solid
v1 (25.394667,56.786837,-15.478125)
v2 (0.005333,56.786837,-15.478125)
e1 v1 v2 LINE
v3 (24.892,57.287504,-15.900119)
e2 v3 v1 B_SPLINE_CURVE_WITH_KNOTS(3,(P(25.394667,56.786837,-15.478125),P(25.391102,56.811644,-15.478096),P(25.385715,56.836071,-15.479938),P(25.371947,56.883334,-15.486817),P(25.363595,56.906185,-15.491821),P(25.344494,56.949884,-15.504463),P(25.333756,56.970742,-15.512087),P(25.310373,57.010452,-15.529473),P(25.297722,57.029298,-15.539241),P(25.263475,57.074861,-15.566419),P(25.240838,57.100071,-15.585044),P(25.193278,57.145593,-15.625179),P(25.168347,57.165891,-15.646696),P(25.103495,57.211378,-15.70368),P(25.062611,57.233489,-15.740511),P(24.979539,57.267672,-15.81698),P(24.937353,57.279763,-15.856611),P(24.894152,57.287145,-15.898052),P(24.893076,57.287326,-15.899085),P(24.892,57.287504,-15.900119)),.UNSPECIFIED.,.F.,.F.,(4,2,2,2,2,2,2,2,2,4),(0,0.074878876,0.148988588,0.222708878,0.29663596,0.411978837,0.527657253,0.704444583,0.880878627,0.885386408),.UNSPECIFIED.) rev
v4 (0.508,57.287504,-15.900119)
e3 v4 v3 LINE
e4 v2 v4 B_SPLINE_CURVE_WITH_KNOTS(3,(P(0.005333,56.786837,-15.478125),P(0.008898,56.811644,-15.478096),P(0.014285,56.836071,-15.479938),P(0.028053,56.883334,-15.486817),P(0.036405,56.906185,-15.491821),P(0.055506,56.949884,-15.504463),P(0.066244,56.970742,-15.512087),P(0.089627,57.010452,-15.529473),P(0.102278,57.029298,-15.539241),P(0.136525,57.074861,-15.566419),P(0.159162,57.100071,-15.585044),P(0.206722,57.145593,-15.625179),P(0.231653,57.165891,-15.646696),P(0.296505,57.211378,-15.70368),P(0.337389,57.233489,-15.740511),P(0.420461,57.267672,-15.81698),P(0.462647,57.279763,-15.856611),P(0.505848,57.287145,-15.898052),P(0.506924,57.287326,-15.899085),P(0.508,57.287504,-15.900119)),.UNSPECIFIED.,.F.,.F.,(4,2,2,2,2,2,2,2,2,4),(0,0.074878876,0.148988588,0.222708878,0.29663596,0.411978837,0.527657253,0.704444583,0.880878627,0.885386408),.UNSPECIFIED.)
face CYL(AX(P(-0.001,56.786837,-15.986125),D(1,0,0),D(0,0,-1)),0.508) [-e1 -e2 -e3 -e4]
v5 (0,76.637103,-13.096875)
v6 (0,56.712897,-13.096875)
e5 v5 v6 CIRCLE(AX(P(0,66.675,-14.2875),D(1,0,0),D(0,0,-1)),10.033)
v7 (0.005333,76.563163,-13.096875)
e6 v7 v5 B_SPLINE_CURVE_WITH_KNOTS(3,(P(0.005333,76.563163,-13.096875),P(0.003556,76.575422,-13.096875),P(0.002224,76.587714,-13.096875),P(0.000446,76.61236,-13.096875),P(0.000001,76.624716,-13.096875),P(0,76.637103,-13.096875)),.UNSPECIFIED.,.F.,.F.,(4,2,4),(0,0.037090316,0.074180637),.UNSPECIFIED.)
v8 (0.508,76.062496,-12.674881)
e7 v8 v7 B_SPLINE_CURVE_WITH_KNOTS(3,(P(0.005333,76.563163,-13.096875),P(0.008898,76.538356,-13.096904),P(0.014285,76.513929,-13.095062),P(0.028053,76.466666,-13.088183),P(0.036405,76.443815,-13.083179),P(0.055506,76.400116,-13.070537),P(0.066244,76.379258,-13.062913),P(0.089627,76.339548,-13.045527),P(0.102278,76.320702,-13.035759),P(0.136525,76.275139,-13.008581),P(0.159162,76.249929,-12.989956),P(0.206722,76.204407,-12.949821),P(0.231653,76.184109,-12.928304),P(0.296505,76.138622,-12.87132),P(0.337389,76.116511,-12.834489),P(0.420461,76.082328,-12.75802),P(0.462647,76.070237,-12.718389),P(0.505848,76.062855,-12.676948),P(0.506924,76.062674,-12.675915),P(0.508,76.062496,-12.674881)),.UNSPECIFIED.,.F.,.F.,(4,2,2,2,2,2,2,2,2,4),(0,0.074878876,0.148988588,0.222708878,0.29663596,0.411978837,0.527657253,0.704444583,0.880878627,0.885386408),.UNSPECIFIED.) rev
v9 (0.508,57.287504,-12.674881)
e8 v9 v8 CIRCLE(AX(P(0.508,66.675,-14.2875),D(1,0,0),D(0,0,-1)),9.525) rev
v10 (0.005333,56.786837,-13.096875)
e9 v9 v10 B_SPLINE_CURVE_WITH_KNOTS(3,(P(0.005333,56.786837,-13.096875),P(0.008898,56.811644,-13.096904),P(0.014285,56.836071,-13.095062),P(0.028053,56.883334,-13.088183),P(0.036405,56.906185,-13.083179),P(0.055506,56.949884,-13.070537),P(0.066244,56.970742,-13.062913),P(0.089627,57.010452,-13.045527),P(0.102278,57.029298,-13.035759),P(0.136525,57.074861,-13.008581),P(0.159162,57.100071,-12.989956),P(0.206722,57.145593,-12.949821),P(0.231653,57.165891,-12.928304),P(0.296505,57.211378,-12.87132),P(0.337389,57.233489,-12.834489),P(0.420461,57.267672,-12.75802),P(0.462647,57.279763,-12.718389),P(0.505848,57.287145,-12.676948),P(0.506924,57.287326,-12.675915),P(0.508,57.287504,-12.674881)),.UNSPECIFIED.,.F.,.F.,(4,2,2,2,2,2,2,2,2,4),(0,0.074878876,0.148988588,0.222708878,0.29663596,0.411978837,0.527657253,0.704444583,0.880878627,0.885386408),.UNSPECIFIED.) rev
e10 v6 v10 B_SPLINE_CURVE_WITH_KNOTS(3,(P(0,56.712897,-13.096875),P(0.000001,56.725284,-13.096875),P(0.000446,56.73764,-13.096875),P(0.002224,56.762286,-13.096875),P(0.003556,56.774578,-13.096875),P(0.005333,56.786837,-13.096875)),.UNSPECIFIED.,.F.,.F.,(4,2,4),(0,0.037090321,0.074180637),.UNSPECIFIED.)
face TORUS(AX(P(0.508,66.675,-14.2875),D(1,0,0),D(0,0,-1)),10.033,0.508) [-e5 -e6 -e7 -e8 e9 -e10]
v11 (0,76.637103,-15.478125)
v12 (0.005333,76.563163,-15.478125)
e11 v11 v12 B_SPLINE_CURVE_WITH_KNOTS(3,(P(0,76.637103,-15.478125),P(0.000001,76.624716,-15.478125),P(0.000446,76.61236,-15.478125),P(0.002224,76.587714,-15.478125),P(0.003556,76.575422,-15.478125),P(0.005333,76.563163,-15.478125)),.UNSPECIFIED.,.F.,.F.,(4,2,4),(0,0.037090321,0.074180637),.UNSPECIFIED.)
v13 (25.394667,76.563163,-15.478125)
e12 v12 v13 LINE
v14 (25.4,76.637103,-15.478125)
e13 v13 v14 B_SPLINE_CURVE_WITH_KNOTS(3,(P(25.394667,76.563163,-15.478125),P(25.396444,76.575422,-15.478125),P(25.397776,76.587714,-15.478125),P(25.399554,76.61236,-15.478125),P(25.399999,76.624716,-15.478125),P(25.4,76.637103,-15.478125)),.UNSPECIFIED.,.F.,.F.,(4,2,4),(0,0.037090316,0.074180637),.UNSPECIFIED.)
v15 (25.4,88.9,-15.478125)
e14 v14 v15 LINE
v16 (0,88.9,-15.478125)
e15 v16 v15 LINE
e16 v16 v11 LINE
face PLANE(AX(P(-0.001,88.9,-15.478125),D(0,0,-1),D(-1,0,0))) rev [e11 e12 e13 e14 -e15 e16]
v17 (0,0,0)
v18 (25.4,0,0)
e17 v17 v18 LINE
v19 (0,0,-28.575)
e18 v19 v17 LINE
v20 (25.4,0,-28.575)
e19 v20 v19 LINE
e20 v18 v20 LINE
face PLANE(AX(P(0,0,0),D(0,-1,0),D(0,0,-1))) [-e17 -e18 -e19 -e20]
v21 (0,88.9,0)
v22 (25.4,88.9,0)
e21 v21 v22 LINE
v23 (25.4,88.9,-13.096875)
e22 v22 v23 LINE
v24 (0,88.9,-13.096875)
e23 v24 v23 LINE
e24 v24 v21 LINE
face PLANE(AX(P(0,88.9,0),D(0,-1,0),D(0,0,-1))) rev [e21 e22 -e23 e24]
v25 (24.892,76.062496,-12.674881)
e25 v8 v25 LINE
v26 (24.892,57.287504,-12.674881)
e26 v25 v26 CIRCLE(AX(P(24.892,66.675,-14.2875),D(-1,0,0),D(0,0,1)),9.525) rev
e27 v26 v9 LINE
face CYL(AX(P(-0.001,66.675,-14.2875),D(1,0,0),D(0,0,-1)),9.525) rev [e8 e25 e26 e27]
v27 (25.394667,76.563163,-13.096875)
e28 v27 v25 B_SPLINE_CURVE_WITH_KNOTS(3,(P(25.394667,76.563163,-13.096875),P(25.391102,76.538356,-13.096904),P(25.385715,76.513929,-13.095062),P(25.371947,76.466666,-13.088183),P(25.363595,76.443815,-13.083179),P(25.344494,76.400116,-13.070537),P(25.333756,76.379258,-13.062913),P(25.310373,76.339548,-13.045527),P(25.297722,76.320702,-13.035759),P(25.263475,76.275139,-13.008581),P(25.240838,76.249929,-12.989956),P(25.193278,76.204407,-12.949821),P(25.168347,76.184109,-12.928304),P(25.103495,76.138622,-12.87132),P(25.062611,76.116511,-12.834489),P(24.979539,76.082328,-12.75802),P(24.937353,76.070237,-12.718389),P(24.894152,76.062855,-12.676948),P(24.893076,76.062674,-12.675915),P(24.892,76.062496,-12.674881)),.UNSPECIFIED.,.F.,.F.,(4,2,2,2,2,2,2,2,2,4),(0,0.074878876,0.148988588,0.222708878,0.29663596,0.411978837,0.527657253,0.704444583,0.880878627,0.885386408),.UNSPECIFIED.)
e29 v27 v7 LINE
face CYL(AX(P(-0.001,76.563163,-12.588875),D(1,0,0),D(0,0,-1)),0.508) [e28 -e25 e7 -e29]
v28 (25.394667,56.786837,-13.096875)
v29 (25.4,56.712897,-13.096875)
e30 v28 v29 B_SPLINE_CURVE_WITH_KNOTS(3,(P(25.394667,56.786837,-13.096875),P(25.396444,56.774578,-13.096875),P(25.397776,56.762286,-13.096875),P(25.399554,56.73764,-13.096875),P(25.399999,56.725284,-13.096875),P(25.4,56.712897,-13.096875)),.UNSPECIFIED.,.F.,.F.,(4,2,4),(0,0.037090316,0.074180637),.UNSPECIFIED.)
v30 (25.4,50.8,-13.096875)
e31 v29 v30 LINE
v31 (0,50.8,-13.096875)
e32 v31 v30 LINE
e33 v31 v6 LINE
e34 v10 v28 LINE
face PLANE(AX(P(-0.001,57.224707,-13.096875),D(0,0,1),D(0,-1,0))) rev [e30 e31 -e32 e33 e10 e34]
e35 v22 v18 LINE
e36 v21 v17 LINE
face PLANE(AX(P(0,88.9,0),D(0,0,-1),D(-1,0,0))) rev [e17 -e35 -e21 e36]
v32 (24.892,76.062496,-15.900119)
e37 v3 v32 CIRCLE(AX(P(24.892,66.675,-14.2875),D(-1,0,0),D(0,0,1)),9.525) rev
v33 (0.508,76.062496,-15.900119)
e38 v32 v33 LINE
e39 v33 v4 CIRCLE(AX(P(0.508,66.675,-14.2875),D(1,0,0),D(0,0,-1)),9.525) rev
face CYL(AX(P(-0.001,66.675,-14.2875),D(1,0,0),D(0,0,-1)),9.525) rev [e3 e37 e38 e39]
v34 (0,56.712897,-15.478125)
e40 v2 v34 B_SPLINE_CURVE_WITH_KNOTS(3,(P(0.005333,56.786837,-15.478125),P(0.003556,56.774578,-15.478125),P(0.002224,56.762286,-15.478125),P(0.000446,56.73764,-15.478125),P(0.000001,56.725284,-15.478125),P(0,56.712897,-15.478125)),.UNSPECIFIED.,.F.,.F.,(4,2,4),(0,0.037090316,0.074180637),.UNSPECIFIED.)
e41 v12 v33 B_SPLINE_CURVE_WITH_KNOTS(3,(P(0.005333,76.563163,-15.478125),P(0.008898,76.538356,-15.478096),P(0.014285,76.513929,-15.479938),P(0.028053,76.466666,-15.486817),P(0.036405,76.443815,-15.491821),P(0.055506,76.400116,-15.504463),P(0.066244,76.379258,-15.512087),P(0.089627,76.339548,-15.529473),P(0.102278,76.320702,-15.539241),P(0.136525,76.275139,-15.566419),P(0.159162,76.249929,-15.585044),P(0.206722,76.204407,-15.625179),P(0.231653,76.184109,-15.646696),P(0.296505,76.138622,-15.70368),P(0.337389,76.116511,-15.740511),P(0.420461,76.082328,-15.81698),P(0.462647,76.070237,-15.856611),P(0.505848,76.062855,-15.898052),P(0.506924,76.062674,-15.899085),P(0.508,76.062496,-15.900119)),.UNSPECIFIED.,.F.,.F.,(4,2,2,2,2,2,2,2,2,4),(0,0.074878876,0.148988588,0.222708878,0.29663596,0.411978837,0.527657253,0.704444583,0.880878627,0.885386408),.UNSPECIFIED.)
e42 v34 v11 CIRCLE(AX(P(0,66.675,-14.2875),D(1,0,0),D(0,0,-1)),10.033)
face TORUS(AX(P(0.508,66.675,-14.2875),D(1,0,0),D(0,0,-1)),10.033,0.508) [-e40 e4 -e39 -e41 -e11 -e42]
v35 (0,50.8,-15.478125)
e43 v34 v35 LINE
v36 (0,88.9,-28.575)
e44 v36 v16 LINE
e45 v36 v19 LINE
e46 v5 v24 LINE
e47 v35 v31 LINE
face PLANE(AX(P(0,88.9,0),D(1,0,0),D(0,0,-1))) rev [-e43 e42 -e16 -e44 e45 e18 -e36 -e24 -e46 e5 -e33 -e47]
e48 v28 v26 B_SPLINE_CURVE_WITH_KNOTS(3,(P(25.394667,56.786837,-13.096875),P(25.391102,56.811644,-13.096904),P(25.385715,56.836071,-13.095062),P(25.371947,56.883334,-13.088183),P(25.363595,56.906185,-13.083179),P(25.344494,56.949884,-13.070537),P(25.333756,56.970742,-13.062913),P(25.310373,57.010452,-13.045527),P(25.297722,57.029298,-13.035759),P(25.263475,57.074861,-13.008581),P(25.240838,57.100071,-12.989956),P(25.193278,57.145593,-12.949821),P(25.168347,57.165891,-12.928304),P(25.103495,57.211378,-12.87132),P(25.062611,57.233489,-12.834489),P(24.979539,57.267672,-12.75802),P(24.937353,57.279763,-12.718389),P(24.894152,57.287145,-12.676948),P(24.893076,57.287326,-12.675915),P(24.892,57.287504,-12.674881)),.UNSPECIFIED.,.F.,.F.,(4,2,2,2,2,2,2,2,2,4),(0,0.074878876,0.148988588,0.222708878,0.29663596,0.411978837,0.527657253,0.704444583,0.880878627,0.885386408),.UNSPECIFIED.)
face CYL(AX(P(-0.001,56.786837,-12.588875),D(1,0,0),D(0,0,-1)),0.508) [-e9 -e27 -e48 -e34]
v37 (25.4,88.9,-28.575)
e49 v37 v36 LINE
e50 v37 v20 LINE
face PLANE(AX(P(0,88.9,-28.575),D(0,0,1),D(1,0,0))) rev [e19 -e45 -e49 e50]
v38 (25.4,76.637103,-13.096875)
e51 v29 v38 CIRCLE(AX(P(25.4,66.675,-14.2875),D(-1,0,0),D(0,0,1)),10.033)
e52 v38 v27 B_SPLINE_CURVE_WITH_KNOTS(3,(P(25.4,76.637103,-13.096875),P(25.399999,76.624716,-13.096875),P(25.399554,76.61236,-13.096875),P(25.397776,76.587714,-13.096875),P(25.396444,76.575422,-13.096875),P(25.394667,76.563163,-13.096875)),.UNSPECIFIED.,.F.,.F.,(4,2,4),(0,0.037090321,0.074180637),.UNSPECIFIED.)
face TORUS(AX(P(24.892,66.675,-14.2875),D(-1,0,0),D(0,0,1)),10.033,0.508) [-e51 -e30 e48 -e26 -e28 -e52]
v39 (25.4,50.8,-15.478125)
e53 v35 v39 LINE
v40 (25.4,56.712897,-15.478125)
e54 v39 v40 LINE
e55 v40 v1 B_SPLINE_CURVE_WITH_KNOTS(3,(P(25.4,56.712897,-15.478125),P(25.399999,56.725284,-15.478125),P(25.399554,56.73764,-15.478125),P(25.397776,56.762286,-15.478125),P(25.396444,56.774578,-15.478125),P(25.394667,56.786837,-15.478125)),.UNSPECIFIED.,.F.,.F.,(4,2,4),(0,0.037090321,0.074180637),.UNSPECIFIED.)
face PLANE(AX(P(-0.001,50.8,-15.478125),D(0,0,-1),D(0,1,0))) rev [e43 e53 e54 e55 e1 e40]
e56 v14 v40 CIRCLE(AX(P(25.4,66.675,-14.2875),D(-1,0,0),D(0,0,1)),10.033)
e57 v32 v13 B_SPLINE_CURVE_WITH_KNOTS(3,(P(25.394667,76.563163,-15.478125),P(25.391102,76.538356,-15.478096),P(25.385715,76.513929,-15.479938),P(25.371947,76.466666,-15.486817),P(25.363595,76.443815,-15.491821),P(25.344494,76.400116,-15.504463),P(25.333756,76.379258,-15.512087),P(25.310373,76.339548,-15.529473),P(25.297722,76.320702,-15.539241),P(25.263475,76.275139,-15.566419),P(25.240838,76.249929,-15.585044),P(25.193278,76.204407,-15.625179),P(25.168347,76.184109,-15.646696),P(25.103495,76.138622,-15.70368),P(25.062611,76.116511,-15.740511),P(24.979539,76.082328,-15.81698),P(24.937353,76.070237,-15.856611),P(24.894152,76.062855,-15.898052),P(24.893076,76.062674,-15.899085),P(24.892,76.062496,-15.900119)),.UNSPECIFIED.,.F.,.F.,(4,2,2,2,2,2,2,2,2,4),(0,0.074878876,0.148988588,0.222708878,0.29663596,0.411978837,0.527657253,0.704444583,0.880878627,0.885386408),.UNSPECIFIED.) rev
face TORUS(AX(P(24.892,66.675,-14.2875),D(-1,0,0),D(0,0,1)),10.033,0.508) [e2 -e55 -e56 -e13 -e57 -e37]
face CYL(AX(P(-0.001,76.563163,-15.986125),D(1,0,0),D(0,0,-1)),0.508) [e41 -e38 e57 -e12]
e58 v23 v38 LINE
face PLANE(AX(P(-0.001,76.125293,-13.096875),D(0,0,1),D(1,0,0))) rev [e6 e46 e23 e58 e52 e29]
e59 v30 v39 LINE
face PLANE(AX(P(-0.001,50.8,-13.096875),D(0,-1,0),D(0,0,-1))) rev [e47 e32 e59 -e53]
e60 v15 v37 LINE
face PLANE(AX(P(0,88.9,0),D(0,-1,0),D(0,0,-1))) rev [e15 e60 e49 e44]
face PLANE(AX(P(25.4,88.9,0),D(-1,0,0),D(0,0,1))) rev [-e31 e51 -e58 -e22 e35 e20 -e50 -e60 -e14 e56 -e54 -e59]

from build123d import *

# Parameters (mm, degrees)
SKETCH1_W           = 25.4
SKETCH1_H           = 28.575
BOSS_EXTRUDE1_DEPTH = 88.9
CUT_EXTRUDE1_REACH  = 98.772
FILLET1_R           = 0.508


with BuildPart() as part:
    # Sketch1 → Boss-Extrude1 (new body)
    with BuildSketch(Plane(origin=(0, 0, 0), x_dir=(1, 0, 0), z_dir=(0, 1, 0))):
        with Locations((12.7, 14.2875)):
            Rectangle(SKETCH1_W, SKETCH1_H)
    extrude(amount=BOSS_EXTRUDE1_DEPTH)

    # Sketch2 → Cut-Extrude1 (cut, up to next)
    with BuildSketch(Plane(origin=(25.4, 0, 0), x_dir=(0, 0, -1), z_dir=(1, 0, 0)), mode=Mode.PRIVATE) as cut_extrude1_sk1:
        with BuildLine():
            Line((13.096875, 50.8), (15.478125, 50.8))
            Line((15.478125, 50.8), (15.478125, 57.224707036))
            ThreePointArc((15.478125, 57.224707036), (23.8125, 66.675), (15.478125, 76.125292964))
            Line((15.478125, 76.125292964), (15.478125, 88.9))
            Line((15.478125, 88.9), (13.096875, 88.9))
            Line((13.096875, 88.9), (13.096875, 76.125292964))
            ThreePointArc((13.096875, 76.125292964), (4.7625, 66.675), (13.096875, 57.224707036))
            Line((13.096875, 57.224707036), (13.096875, 50.8))
        make_face()
    cut_extrude1_tool1 = extrude(cut_extrude1_sk1.sketch, amount=-CUT_EXTRUDE1_REACH, mode=Mode.PRIVATE) & part.part
    add(cut_extrude1_tool1.solids().sort_by_distance((25.4, 67.546559, -14.2875))[0], mode=Mode.SUBTRACT)

    # Fillet1
    fillet1_edges = [part.edges().sort_by_distance(p)[0] for p in [
        (12.7, 57.224707036, -13.096875),
        (12.7, 76.125292964, -13.096875),
        (12.7, 76.125292964, -15.478125),
        (12.7, 57.224707036, -15.478125),
        (25.4, 66.675, -23.8125),
        (25.4, 66.675, -4.7625),
        (0, 66.675, -4.7625),
        (0, 66.675, -23.8125),
    ]]
    fillet(fillet1_edges, radius=FILLET1_R)


solid = part.part
